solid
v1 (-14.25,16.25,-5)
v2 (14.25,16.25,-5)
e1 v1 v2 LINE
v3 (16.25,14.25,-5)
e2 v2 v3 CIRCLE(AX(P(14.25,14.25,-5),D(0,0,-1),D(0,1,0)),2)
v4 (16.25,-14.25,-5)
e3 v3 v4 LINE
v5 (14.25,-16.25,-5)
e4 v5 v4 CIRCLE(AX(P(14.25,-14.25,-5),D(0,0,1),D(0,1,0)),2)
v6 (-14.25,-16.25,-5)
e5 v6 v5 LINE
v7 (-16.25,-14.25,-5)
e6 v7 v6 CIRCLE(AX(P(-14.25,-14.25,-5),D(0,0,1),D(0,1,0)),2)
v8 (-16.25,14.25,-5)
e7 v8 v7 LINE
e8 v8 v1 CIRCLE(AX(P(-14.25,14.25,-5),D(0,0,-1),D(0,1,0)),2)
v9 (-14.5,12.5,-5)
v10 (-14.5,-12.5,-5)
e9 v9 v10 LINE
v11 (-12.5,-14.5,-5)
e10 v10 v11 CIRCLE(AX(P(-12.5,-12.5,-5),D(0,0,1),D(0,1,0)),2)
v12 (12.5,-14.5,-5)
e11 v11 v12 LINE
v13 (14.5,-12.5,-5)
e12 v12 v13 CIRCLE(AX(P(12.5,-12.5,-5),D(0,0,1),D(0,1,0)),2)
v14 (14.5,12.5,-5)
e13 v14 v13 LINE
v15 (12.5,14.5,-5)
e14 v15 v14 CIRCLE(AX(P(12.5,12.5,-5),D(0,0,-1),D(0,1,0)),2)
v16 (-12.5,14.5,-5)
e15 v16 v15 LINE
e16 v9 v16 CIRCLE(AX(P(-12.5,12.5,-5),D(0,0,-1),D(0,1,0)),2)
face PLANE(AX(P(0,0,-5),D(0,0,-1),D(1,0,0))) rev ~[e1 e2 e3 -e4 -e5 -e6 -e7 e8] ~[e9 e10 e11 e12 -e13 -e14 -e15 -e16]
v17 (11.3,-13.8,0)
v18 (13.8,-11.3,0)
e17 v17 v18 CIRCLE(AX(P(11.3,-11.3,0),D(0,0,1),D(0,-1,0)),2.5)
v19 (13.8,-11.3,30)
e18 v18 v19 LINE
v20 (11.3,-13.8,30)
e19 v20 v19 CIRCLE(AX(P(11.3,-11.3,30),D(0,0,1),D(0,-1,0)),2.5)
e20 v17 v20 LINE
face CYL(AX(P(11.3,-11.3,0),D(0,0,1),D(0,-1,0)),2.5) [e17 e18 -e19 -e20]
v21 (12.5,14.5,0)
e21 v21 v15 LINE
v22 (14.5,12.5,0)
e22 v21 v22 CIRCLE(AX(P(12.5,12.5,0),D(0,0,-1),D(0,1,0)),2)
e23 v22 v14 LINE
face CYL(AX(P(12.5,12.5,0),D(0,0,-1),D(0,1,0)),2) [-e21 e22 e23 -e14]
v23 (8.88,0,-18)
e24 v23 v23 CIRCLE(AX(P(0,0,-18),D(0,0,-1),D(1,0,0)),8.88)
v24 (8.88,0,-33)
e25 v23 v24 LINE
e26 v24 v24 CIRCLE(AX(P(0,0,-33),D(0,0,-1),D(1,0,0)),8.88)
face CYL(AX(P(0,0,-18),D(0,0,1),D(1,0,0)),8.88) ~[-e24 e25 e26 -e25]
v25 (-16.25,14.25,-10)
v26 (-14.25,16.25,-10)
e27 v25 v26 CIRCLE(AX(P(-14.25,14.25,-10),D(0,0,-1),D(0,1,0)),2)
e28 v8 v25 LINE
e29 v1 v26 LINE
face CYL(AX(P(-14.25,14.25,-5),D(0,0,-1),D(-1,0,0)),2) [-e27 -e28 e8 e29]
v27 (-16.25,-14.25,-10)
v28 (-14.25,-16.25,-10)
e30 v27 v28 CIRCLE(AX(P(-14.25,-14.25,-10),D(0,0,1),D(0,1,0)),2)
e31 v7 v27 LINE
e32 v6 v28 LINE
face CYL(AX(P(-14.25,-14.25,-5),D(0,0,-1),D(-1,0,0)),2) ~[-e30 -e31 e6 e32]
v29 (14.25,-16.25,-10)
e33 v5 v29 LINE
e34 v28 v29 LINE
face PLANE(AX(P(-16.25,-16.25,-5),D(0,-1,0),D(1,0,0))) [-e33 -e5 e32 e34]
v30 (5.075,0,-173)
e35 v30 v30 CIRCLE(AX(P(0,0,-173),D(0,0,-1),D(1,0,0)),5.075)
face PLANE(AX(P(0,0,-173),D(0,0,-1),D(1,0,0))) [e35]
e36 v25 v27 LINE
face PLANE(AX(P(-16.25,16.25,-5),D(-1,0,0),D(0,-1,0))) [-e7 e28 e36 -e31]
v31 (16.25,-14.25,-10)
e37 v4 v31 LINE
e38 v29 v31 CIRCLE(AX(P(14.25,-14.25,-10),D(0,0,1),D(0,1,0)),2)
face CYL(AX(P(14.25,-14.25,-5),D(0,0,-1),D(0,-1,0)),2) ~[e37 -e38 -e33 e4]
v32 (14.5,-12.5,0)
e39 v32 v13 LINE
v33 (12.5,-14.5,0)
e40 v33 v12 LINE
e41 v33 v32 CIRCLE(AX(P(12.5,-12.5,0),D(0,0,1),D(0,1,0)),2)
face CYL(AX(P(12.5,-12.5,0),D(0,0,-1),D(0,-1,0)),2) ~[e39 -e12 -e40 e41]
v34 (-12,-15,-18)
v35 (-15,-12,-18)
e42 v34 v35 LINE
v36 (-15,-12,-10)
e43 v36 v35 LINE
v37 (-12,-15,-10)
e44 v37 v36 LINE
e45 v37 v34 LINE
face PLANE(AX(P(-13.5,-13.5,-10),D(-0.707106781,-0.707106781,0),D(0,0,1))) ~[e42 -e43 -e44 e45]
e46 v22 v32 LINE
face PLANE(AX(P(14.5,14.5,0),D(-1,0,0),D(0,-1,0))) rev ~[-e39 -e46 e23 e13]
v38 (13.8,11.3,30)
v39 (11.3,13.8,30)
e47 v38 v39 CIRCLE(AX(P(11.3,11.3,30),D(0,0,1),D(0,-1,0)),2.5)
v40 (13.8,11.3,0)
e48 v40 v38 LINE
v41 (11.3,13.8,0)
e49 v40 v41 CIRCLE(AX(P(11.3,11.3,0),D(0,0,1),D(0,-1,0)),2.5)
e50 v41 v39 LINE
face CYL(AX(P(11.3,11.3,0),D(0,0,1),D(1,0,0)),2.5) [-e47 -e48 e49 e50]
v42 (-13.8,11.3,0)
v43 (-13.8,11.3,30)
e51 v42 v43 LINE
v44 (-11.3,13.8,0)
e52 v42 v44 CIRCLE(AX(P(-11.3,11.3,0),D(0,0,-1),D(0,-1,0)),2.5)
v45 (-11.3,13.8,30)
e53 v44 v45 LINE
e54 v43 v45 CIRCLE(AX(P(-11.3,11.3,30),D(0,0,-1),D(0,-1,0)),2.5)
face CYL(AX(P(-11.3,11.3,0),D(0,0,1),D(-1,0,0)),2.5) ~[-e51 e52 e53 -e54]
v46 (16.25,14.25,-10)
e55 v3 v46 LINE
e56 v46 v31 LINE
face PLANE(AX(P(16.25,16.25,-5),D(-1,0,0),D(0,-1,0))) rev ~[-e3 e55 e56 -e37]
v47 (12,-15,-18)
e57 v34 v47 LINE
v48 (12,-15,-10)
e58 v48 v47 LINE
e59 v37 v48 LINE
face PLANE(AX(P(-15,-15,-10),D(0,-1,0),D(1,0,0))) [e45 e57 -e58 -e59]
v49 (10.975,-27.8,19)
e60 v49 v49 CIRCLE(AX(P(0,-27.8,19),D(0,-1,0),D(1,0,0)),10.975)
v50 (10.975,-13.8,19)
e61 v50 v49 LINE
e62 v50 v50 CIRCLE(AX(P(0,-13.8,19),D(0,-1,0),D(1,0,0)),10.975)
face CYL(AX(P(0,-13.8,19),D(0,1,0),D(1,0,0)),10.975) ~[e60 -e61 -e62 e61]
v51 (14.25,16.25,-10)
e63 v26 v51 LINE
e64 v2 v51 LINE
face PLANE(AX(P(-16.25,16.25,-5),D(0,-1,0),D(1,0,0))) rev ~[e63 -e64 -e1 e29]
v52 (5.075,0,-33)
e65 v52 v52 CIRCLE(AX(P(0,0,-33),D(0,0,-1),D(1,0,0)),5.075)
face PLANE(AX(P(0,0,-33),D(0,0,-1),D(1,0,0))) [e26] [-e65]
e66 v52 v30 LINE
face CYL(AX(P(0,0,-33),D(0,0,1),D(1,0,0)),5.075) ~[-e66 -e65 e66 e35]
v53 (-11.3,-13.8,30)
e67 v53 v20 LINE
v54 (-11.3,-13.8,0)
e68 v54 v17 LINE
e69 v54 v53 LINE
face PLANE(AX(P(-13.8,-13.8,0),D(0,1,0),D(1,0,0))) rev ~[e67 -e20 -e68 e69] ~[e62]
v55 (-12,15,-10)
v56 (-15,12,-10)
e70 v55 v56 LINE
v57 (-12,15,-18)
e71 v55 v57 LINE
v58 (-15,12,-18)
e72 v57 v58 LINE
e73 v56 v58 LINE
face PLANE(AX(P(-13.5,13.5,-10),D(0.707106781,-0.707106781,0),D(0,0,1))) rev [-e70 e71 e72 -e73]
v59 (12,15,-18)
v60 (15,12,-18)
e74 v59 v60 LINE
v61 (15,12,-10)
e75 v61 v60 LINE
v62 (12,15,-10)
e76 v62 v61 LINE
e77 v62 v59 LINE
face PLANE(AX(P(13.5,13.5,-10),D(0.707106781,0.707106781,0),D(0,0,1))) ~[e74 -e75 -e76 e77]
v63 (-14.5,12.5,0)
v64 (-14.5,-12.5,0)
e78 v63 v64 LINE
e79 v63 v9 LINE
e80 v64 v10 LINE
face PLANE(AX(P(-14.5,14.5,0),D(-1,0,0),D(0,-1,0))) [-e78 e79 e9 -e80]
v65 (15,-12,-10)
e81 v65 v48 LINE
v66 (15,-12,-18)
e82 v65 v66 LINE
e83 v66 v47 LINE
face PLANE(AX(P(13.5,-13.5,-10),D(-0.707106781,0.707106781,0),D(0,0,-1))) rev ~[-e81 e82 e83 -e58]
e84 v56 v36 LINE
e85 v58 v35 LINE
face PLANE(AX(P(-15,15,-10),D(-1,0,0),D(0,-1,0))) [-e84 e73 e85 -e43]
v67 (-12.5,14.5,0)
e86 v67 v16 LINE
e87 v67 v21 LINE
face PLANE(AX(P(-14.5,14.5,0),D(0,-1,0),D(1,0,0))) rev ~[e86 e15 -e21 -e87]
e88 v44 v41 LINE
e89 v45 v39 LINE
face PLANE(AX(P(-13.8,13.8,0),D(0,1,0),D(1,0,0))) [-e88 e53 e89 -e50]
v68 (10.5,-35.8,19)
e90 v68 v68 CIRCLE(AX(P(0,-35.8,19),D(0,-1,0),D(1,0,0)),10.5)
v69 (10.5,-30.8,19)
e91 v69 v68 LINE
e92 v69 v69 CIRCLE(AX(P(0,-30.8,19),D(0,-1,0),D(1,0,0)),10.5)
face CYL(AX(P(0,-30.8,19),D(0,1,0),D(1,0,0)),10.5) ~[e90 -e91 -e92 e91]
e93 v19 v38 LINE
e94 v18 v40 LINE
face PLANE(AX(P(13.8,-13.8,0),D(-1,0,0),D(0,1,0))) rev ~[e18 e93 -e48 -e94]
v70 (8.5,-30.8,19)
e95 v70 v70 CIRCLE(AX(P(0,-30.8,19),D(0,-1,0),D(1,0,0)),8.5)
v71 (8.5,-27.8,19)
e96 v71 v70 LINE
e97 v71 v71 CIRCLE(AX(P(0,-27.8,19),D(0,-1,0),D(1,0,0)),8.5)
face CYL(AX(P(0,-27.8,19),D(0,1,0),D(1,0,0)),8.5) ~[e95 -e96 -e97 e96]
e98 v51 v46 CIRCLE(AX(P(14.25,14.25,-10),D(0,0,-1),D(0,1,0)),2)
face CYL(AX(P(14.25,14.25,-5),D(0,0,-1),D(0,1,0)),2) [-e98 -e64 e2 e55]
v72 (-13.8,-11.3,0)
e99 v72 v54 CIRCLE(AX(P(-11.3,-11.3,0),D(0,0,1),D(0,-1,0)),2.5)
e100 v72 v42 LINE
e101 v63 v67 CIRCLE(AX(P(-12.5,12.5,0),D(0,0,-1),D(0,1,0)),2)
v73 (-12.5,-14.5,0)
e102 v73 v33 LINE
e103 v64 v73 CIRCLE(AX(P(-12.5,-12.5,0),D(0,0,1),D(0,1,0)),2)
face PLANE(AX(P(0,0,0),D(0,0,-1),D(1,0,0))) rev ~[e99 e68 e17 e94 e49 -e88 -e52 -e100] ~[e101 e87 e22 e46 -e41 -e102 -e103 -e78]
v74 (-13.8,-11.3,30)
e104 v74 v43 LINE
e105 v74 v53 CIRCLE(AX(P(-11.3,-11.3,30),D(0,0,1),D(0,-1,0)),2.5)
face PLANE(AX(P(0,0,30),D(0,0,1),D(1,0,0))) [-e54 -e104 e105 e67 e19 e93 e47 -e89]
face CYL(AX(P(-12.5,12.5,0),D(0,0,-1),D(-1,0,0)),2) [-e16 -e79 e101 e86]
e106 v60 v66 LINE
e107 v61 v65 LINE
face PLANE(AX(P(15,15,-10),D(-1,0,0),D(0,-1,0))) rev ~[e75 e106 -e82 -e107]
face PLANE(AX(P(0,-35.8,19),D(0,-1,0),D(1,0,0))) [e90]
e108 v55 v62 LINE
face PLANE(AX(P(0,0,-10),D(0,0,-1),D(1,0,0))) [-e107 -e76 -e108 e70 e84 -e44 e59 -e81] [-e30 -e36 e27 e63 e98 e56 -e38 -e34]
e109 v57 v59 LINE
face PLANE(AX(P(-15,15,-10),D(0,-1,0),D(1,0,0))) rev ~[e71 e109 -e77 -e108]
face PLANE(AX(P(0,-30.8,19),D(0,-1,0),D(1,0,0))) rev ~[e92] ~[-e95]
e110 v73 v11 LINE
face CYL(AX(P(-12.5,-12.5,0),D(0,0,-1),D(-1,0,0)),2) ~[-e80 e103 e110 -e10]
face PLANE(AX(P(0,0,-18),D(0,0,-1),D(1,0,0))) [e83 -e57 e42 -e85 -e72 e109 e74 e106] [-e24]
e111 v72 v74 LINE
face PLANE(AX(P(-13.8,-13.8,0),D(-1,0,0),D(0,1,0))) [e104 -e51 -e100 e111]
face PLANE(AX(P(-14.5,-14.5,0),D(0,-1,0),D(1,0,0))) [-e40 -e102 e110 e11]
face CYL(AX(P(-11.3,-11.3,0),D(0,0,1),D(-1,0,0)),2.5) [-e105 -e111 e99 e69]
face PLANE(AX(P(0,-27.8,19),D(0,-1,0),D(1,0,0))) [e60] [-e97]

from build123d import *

# Parameters (mm, degrees)
F0_W      = 27.6
F0_H      = 27.6
F1_DEPTH  = 30
F2_R      = 2.5
F3_R      = 10.975
F4_DEPTH  = 14
F5_R      = 8.5
F6_DEPTH  = 3
F7_R      = 10.5
F7_R_2    = 8.5
F8_DEPTH  = 5
F9_W      = 29
F9_H      = 29
F10_DEPTH = 5
F11_R     = 2
F12_W     = 32.5
F12_H     = 32.5
F13_DEPTH = 5
F14_R     = 2
F15_W     = 30
F15_H     = 30
F16_DEPTH = 8
F17_SIZE  = 3
F18_R     = 8.88
F19_DEPTH = 15
F20_R     = 5.075
F21_DEPTH = 140


with BuildPart() as f1:
    # F0 (on Top) → F1 (new body)
    with BuildSketch(Plane.XY):
        Rectangle(F0_W, F0_H)
    extrude(amount=F1_DEPTH)

    # F2
    f2_edges = [f1.edges().sort_by_distance(p)[0] for p in [
        (-13.8, -13.8, 15),
        (13.8, -13.8, 15),
        (13.8, 13.8, 15),
        (-13.8, 13.8, 15),
    ]]
    fillet(f2_edges, radius=F2_R)

    # F3 (on face) → F4 (join)
    with BuildSketch(Plane.XZ.offset(13.8)):
        with Locations((0, 19)):
            Circle(F3_R)
    extrude(amount=F4_DEPTH)

    # F5 (on face) → F6 (join)
    with BuildSketch(Plane.XZ.offset(27.8)):
        with Locations((0, 19)):
            Circle(F5_R)
    extrude(amount=F6_DEPTH)

    # F7 (on face) → F8 (join)
    with BuildSketch(Plane.XZ.offset(30.8)):
        with Locations((0, 19)):
            Circle(F7_R)
        with Locations((0, 19)):
            Circle(F7_R_2, mode=Mode.SUBTRACT)
        with Locations((0, 19)):
            Circle(F7_R_2)
    extrude(amount=F8_DEPTH)

    # F9 (on face) → F10 (join)
    with BuildSketch(Plane(origin=(0, 0, 0), x_dir=(1, 0, 0), z_dir=(0, 0, -1))):
        Rectangle(F9_W, F9_H)
        with BuildLine():
            Line((-11.3, 13.8), (11.3, 13.8))
            ThreePointArc((11.3, 13.8), (13.067766953, 13.067766953), (13.8, 11.3))
            Line((13.8, 11.3), (13.8, -11.3))
            ThreePointArc((13.8, -11.3), (13.067766953, -13.067766953), (11.3, -13.8))
            Line((11.3, -13.8), (-11.3, -13.8))
            ThreePointArc((-11.3, -13.8), (-13.067766953, -13.067766953), (-13.8, -11.3))
            Line((-13.8, -11.3), (-13.8, 11.3))
            ThreePointArc((-13.8, 11.3), (-13.067766953, 13.067766953), (-11.3, 13.8))
        make_face(mode=Mode.SUBTRACT)
        with BuildLine():
            ThreePointArc((13.8, 11.3), (13.067766953, 13.067766953), (11.3, 13.8))
            Line((11.3, 13.8), (-11.3, 13.8))
            ThreePointArc((-11.3, 13.8), (-13.067766953, 13.067766953), (-13.8, 11.3))
            Line((-13.8, 11.3), (-13.8, -11.3))
            ThreePointArc((-13.8, -11.3), (-13.067766953, -13.067766953), (-11.3, -13.8))
            Line((-11.3, -13.8), (11.3, -13.8))
            ThreePointArc((11.3, -13.8), (13.067766953, -13.067766953), (13.8, -11.3))
            Line((13.8, -11.3), (13.8, 11.3))
        make_face()
    extrude(amount=F10_DEPTH)

    # F11
    f11_edges = [f1.edges().sort_by_distance(p)[0] for p in [
        (-14.5, 14.5, -2.5),
        (-14.5, -14.5, -2.5),
        (14.5, -14.5, -2.5),
        (14.5, 14.5, -2.5),
    ]]
    fillet(f11_edges, radius=F11_R)

    # F12 (on face) → F13 (join)
    with BuildSketch(Plane(origin=(0, 0, -5), x_dir=(1, 0, 0), z_dir=(0, 0, -1))):
        Rectangle(F12_W, F12_H)
        with BuildLine():
            Line((12.5, -14.5), (-12.5, -14.5))
            ThreePointArc((-12.5, -14.5), (-13.9142135624, -13.9142135624), (-14.5, -12.5))
            Line((-14.5, -12.5), (-14.5, 12.5))
            ThreePointArc((-14.5, 12.5), (-13.9142135624, 13.9142135624), (-12.5, 14.5))
            Line((-12.5, 14.5), (12.5, 14.5))
            ThreePointArc((12.5, 14.5), (13.9142135624, 13.9142135624), (14.5, 12.5))
            Line((14.5, 12.5), (14.5, -12.5))
            ThreePointArc((14.5, -12.5), (13.9142135624, -13.9142135624), (12.5, -14.5))
        make_face(mode=Mode.SUBTRACT)
        with BuildLine():
            ThreePointArc((-14.5, -12.5), (-13.9142135624, -13.9142135624), (-12.5, -14.5))
            Line((-12.5, -14.5), (12.5, -14.5))
            ThreePointArc((12.5, -14.5), (13.9142135624, -13.9142135624), (14.5, -12.5))
            Line((14.5, -12.5), (14.5, 12.5))
            ThreePointArc((14.5, 12.5), (13.9142135624, 13.9142135624), (12.5, 14.5))
            Line((12.5, 14.5), (-12.5, 14.5))
            ThreePointArc((-12.5, 14.5), (-13.9142135624, 13.9142135624), (-14.5, 12.5))
            Line((-14.5, 12.5), (-14.5, -12.5))
        make_face()
    extrude(amount=F13_DEPTH)

    # F14
    f14_edges = [f1.edges().sort_by_distance(p)[0] for p in [
        (16.25, -16.25, -7.5),
        (16.25, 16.25, -7.5),
        (-16.25, 16.25, -7.5),
        (-16.25, -16.25, -7.5),
    ]]
    fillet(f14_edges, radius=F14_R)

    # F15 (on face) → F16 (join)
    with BuildSketch(Plane(origin=(0, 0, -10), x_dir=(1, 0, 0), z_dir=(0, 0, -1))):
        Rectangle(F15_W, F15_H)
    extrude(amount=F16_DEPTH)

    # F17
    f17_edges = [f1.edges().sort_by_distance(p)[0] for p in [
        (-15, -15, -14),
        (15, -15, -14),
        (15, 15, -14),
        (-15, 15, -14),
    ]]
    chamfer(f17_edges, length=F17_SIZE)

    # F18 (on face) → F19 (join)
    with BuildSketch(Plane(origin=(0, 0, -18), x_dir=(1, 0, 0), z_dir=(0, 0, -1))):
        Circle(F18_R)
    extrude(amount=F19_DEPTH)

    # F20 (on face) → F21 (join)
    with BuildSketch(Plane(origin=(0, 0, -33), x_dir=(1, 0, 0), z_dir=(0, 0, -1))):
        Circle(F20_R)
    extrude(amount=F21_DEPTH)


solid = f1.part
